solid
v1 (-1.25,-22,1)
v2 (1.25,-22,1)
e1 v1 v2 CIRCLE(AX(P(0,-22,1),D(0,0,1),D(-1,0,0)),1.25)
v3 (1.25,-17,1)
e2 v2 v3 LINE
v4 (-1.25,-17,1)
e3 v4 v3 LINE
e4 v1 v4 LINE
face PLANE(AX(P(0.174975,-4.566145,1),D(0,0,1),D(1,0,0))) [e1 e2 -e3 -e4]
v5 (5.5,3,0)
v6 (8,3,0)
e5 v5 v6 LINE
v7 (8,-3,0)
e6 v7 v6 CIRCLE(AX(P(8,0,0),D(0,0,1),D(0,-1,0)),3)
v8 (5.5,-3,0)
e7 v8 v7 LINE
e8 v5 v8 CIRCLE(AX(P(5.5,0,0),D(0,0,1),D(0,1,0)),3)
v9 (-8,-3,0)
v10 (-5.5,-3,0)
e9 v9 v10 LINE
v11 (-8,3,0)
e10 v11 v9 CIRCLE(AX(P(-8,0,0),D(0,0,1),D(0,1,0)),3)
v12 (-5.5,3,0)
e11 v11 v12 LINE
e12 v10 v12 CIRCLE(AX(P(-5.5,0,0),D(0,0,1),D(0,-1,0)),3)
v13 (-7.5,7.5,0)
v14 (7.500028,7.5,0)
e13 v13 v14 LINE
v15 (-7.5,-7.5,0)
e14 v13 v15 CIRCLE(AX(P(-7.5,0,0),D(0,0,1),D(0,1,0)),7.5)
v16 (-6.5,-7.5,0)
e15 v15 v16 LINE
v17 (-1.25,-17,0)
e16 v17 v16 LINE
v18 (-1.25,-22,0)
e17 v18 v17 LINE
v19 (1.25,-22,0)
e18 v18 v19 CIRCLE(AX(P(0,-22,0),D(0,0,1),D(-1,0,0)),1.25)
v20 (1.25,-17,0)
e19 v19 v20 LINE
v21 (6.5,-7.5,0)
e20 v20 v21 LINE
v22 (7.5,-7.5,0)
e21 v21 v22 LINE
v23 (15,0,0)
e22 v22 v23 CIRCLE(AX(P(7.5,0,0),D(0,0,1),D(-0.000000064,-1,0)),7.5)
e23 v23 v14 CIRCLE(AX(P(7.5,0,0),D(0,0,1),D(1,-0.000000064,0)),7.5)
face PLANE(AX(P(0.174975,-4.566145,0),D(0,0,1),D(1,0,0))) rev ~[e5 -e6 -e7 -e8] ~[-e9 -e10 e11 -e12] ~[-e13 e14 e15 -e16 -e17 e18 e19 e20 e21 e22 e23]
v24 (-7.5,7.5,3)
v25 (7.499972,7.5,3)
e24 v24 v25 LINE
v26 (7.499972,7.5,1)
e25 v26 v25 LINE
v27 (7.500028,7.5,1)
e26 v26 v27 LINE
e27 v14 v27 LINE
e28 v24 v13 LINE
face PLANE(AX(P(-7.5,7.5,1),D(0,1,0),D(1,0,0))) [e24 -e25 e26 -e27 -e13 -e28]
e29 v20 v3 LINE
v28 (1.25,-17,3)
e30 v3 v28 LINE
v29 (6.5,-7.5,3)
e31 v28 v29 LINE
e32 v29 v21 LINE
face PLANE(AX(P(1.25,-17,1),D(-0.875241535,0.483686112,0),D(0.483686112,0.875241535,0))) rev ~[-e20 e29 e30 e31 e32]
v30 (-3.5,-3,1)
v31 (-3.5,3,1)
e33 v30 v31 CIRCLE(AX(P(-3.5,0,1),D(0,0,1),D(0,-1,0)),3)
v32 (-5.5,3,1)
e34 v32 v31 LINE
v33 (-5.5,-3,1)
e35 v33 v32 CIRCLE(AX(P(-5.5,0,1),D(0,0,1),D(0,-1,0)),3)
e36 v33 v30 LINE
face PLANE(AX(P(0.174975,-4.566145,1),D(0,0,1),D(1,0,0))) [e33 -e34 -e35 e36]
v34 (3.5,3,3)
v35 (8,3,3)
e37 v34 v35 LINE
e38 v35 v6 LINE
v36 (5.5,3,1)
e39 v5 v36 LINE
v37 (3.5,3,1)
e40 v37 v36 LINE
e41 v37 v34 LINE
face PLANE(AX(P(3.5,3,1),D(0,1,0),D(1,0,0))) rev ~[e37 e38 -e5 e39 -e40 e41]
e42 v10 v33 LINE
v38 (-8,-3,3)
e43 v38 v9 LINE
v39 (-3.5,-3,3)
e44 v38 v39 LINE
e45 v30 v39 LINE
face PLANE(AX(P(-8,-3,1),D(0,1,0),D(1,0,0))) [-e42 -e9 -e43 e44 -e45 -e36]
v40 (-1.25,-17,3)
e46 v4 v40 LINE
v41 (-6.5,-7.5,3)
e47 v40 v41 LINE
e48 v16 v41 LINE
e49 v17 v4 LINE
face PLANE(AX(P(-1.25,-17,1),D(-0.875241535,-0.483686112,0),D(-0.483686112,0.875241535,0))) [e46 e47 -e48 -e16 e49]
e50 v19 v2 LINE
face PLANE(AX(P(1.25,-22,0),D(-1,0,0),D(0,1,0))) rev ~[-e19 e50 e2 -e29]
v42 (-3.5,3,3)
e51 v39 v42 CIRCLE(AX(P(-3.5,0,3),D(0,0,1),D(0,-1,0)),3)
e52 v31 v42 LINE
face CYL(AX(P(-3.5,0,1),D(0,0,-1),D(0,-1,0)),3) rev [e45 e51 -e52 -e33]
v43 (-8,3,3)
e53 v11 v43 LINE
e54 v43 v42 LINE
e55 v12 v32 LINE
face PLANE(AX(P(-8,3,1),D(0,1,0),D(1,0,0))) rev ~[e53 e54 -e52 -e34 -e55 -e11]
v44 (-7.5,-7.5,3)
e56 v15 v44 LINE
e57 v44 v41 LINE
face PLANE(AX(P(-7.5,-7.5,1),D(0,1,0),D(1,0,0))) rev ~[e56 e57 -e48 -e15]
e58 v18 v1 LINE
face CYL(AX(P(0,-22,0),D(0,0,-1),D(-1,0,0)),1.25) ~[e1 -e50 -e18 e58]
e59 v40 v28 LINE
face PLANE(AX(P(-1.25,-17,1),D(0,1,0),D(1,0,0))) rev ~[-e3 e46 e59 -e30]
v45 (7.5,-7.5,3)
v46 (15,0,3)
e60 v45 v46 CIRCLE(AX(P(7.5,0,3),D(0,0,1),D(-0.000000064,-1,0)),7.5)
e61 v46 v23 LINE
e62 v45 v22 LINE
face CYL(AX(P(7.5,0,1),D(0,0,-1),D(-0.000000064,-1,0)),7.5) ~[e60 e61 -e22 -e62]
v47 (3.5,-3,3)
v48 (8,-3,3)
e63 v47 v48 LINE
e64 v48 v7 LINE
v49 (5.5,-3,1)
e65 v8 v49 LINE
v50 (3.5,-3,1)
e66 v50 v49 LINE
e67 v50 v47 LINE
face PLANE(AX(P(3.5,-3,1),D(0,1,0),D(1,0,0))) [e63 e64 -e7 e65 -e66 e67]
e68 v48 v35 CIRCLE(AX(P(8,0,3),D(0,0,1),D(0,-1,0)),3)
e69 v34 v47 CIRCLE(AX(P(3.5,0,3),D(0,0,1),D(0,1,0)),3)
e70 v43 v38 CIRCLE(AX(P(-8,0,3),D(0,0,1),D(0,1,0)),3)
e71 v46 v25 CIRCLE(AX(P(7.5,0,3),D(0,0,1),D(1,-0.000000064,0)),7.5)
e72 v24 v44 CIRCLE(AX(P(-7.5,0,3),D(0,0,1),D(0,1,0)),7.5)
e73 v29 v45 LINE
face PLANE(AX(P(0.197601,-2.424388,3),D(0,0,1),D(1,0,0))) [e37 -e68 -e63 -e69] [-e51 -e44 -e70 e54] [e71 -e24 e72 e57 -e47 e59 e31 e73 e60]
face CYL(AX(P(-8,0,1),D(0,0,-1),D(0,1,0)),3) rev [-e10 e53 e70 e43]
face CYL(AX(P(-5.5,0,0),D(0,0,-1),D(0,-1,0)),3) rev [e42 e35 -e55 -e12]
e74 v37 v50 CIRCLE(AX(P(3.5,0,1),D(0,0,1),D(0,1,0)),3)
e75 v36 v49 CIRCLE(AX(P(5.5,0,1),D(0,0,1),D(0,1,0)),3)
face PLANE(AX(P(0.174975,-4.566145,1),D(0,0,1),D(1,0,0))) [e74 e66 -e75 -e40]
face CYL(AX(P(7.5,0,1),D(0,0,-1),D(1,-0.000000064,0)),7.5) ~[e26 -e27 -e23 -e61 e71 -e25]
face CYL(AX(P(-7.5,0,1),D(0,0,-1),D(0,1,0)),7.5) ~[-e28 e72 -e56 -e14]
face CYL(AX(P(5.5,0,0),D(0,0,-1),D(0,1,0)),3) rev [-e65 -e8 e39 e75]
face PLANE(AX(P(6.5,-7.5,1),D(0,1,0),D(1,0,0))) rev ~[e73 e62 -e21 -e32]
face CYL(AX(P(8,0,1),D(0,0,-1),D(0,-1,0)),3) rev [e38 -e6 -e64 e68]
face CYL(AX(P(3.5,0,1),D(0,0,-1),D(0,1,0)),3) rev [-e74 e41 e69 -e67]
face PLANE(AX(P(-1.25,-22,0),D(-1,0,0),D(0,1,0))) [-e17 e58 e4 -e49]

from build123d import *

# Parameters (mm, degrees)
PAD_DEPTH    = 1
PAD001_DEPTH = 2


with BuildPart() as part:
    # Sketch → Pad (new body)
    with BuildSketch(Plane.XY):
        with BuildLine():
            ThreePointArc((-7.5, 7.5), (-15, 0), (-7.5, -7.5))
            Line((-7.5, -7.5), (-6.5, -7.5))
            Line((-1.25, -17), (-6.5, -7.5))
            Line((-1.25, -22), (-1.25, -17))
            ThreePointArc((-1.25, -22), (0, -23.25), (1.25, -22))
            Line((1.25, -22), (1.25, -17))
            Line((1.25, -17), (6.5, -7.5))
            Line((6.5, -7.5), (7.5, -7.5))
            ThreePointArc((7.5, -7.5), (12.803301, -5.303301), (15, 0))
            ThreePointArc((15, 0), (12.803311, 5.303291), (7.500028, 7.5))
            Line((-7.5, 7.5), (7.500028, 7.5))
        make_face()
        with BuildLine():
            ThreePointArc((-8, 3), (-11, 0), (-8, -3))
            Line((-8, -3), (-5.5, -3))
            ThreePointArc((-5.5, -3), (-2.5, 0), (-5.5, 3))
            Line((-8, 3), (-5.5, 3))
        make_face(mode=Mode.SUBTRACT)
        with BuildLine():
            ThreePointArc((5.5, 3), (2.5, 0), (5.5, -3))
            Line((5.5, -3), (8, -3))
            ThreePointArc((8, -3), (11, 0), (8, 3))
            Line((5.5, 3), (8, 3))
        make_face(mode=Mode.SUBTRACT)
    extrude(amount=PAD_DEPTH)

    # Sketch001 (on Face21 of Pad) → Pad001 (join)
    with BuildSketch(Plane.XY.offset(1)):
        with BuildLine():
            ThreePointArc((-7.5, 7.5), (-15, 0), (-7.5, -7.5))
            Line((-7.5, -7.5), (-6.5, -7.5))
            Line((-1.25, -17), (-6.5, -7.5))
            Line((-1.25, -17), (1.25, -17))
            Line((1.25, -17), (6.5, -7.5))
            Line((6.5, -7.5), (7.5, -7.5))
            ThreePointArc((7.5, -7.5), (12.803301, -5.303301), (15, 0))
            ThreePointArc((15, 0), (12.803291, 5.303311), (7.499972, 7.5))
            Line((-7.5, 7.5), (7.499972, 7.5))
        make_face()
        with BuildLine():
            ThreePointArc((-8, 3), (-11, 0), (-8, -3))
            Line((-8, -3), (-3.5, -3))
            ThreePointArc((-3.5, -3), (-0.5, 0), (-3.5, 3))
            Line((-8, 3), (-3.5, 3))
        make_face(mode=Mode.SUBTRACT)
        with BuildLine():
            ThreePointArc((3.5, 3), (0.5, 0), (3.5, -3))
            Line((3.5, -3), (8, -3))
            ThreePointArc((8, -3), (11, 0), (8, 3))
            Line((3.5, 3), (8, 3))
        make_face(mode=Mode.SUBTRACT)
    extrude(amount=PAD001_DEPTH)


solid = part.part
